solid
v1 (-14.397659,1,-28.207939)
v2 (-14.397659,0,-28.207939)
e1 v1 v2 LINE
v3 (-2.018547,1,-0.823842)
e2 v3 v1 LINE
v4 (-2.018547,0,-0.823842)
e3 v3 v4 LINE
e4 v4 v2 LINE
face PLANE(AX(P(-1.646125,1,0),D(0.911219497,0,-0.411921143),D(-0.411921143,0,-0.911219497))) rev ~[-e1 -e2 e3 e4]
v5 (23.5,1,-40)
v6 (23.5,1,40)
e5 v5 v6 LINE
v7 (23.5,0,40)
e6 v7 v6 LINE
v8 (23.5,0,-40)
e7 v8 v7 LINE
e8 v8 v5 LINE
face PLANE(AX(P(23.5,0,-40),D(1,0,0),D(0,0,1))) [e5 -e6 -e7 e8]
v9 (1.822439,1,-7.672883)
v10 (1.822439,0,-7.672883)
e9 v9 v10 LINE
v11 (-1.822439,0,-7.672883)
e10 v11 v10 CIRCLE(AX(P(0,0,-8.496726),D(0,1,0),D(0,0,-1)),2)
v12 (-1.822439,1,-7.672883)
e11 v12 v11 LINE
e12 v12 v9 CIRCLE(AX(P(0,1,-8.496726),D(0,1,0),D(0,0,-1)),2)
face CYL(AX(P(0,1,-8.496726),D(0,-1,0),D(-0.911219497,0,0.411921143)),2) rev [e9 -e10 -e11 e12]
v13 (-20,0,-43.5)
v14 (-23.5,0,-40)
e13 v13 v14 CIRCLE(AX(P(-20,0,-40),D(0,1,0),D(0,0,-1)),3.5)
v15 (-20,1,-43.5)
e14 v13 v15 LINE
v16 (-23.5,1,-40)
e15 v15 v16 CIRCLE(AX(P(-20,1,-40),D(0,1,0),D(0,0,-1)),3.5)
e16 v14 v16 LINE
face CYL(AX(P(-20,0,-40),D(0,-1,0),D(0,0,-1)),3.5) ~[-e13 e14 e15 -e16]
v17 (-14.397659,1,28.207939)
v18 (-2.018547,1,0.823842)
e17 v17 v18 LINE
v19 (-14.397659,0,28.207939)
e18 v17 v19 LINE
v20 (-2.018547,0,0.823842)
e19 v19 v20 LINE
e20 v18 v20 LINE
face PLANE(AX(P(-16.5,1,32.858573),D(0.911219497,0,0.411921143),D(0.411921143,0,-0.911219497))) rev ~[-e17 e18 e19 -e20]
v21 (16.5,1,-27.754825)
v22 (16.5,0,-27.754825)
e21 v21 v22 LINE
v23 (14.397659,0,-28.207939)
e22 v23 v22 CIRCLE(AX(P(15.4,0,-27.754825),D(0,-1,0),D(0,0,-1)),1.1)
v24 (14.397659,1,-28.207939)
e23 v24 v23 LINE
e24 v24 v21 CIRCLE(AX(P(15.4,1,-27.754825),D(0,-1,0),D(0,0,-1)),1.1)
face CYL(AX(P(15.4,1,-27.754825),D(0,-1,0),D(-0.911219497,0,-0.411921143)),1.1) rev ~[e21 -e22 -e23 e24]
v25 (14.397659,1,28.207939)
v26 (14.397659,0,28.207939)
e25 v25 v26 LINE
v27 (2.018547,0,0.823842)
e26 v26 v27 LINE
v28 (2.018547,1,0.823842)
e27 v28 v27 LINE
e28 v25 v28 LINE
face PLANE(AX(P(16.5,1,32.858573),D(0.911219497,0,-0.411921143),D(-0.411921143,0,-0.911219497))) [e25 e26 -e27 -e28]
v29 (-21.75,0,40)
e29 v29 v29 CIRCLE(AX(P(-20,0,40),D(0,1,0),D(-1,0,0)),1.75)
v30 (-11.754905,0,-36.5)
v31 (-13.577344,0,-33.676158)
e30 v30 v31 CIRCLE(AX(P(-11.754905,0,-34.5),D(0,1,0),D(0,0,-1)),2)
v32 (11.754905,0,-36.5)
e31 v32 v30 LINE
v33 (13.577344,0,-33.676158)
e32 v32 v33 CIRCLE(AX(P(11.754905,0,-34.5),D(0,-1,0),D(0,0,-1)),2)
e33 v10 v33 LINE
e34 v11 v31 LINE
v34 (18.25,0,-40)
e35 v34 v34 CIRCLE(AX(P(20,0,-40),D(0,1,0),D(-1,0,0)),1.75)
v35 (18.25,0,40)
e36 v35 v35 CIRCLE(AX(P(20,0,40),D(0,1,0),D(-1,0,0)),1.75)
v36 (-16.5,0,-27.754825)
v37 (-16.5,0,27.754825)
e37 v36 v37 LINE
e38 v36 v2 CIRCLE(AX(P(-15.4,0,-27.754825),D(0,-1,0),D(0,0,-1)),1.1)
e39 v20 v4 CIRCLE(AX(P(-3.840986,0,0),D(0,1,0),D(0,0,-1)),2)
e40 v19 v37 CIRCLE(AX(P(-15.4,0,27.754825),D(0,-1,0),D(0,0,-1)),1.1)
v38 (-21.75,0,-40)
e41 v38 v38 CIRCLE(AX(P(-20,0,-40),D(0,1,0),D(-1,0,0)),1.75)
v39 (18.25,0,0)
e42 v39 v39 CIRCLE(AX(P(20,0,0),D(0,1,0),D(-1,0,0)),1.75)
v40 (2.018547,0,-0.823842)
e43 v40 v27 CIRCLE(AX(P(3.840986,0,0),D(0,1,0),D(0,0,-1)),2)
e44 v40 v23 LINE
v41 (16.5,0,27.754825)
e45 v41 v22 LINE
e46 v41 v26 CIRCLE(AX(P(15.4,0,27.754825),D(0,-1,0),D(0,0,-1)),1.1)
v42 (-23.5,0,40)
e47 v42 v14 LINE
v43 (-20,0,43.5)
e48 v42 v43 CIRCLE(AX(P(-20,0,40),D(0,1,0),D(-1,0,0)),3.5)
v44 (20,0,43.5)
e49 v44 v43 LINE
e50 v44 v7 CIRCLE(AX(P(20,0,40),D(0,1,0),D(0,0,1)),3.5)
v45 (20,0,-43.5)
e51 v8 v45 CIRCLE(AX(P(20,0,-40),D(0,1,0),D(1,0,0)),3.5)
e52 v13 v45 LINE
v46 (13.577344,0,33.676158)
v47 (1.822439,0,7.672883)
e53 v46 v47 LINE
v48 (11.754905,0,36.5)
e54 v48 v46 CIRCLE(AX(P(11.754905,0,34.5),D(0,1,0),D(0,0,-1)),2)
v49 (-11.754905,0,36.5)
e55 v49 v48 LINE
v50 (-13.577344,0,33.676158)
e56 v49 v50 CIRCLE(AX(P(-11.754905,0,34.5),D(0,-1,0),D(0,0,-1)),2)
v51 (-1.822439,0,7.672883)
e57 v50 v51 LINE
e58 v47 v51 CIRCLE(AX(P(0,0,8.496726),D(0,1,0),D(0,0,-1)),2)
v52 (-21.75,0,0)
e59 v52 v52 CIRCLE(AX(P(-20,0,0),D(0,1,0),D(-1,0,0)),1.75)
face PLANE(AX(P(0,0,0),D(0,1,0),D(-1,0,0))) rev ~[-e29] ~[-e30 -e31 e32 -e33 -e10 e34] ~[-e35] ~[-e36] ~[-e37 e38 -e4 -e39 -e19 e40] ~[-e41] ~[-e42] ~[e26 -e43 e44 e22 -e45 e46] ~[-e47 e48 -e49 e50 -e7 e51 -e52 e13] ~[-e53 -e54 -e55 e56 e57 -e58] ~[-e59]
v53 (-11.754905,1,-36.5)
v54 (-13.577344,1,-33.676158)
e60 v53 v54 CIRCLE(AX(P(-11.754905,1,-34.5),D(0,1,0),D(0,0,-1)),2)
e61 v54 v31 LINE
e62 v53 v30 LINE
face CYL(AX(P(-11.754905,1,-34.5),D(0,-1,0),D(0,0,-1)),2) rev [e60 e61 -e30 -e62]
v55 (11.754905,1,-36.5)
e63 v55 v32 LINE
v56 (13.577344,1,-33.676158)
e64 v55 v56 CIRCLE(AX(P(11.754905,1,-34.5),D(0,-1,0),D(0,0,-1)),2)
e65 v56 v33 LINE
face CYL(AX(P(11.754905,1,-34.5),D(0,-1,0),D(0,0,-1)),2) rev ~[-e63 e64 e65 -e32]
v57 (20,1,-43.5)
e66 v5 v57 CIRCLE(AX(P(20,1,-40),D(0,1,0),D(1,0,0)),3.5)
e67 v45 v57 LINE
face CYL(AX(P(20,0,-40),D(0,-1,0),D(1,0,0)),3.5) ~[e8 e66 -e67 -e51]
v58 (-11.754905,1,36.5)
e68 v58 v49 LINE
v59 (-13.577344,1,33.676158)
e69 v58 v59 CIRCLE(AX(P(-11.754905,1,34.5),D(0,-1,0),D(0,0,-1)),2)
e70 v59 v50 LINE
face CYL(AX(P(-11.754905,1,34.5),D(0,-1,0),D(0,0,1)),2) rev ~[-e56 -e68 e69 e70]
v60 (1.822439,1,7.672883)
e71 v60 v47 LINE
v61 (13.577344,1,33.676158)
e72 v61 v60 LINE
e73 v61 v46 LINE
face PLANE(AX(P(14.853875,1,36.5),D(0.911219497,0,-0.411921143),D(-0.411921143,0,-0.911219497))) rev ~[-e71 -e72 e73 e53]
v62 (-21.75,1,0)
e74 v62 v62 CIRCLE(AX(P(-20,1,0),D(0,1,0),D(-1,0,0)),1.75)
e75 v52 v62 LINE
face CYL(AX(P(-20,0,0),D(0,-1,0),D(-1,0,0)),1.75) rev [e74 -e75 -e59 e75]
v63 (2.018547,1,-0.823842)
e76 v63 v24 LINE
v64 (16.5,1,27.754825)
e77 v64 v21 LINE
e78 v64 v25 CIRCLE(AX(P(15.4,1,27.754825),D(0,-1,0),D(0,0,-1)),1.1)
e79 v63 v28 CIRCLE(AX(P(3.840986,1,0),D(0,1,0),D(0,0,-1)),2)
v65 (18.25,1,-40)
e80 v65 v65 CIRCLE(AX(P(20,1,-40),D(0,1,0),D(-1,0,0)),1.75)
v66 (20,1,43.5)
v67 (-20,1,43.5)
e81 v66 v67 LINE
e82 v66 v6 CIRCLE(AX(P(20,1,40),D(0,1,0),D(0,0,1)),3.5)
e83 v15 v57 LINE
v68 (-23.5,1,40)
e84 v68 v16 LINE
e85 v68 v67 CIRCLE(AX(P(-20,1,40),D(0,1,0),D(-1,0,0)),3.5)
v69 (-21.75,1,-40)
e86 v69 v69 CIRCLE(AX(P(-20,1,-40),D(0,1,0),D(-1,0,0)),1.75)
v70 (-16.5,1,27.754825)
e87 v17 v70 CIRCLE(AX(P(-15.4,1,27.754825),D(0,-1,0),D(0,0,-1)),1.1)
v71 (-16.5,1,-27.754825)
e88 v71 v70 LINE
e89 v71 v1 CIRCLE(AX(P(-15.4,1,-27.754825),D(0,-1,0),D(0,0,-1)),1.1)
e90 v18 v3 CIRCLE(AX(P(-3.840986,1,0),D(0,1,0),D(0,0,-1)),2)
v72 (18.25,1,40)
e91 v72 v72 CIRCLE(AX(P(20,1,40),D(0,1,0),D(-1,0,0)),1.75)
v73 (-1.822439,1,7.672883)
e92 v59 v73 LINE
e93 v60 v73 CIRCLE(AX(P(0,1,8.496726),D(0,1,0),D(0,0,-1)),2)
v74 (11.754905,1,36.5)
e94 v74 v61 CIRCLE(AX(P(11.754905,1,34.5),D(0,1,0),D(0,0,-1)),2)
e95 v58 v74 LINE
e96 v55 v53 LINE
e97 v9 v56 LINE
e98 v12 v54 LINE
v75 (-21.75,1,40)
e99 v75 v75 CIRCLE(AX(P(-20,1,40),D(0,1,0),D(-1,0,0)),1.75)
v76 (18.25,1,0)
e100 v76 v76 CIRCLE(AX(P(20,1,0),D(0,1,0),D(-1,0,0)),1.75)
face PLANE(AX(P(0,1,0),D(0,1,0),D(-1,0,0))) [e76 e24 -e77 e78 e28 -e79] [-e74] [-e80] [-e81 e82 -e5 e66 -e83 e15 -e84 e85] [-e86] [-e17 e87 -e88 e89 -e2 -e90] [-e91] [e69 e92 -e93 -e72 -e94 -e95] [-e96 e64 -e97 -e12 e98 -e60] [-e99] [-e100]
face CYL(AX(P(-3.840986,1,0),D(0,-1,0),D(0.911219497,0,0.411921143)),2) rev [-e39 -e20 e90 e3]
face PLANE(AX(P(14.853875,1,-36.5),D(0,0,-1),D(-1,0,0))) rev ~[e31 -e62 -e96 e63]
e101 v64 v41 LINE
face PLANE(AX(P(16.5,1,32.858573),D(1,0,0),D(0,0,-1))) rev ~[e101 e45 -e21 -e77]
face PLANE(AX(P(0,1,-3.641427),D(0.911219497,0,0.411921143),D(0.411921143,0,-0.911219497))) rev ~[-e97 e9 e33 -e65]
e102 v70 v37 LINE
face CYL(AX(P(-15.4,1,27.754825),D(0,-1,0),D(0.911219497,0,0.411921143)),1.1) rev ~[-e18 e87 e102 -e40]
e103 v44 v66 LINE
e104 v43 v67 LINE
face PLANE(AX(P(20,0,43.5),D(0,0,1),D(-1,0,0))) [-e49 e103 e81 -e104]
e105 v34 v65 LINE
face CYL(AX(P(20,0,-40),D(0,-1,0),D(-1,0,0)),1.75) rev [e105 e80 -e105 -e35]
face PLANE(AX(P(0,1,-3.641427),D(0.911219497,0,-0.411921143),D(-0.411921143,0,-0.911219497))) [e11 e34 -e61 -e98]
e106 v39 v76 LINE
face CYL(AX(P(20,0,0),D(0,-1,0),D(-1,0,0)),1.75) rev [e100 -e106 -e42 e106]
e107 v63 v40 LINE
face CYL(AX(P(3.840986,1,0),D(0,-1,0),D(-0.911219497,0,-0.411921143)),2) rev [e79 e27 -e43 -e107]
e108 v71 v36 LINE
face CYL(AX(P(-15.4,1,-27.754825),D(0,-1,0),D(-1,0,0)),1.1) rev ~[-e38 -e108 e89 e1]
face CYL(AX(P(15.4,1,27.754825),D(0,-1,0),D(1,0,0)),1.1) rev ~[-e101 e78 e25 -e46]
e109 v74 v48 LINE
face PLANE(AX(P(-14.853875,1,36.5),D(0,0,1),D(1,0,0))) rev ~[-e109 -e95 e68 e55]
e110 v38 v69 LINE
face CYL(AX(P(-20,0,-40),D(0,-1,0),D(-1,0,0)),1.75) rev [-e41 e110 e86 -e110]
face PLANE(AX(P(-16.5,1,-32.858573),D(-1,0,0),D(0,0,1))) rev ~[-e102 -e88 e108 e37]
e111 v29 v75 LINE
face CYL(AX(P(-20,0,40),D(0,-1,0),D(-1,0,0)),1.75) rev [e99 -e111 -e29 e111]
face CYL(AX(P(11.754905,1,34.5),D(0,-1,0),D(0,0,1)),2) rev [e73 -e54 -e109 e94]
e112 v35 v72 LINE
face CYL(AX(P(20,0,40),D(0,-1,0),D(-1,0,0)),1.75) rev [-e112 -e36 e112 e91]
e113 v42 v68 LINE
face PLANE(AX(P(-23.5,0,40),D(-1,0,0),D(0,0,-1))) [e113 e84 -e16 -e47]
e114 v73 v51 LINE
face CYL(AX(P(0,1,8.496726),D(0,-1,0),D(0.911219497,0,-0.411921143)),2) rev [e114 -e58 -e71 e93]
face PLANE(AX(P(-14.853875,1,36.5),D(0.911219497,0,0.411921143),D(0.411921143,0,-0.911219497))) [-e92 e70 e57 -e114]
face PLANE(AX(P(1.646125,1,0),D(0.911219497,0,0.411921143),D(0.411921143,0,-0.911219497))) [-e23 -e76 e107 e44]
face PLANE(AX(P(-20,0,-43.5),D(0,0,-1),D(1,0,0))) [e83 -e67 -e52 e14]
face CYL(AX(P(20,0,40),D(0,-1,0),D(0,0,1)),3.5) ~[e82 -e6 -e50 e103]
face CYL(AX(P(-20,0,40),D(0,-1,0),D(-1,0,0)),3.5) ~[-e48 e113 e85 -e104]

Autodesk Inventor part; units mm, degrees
ref_plane "YZ Plane" through (0, 0, 0) normal (1, 0, 0) x (0, 1, 0)
ref_plane "XZ Plane" through (0, 0, 0) normal (0, 1, 0) x (-1, 0, 0)
ref_plane "XY Plane" through (0, 0, 0) normal (0, 0, 1) x (1, 0, 0)
sketch "Sketch1" plane through (0, 0, 0) normal (0, 1, 0) x (-1, 0, 0)
  line L0 (-20, 40) -> (20, 40) construction
  line L1 (20, 40) -> (20, -40) construction
  line L2 (20, -40) -> (-20, -40) construction
  line L3 (-20, -40) -> (-20, 40) construction
  line L4 (-20, 40) -> (20, -40) construction
  line L5 (20, 40) -> (-20, -40) construction
  circle A0 centre (20, 40) radius 1.75
  circle A1 centre (20, -40) radius 1.75
  circle A2 centre (-20, -40) radius 1.75
  circle A3 centre (-20, 40) radius 1.75
  circle A4 centre (20, 0) radius 1.75
  circle A5 centre (-20, 0) radius 1.75
  line L6 (-20, 43.5) -> (20, 43.5)
  line L7 (23.5, 40) -> (23.5, -40)
  line L8 (20, -43.5) -> (-20, -43.5)
  line L9 (-23.5, -40) -> (-23.5, 40)
  line L10 (-23.5, 43.5) -> (23.5, -43.5) construction
  line L11 (23.5, 43.5) -> (-23.5, -43.5) construction
  arc A6 (23.5, 40) -> (20, 43.5) centre (20, 40) ccw
  arc A7 (-20, 43.5) -> (-23.5, 40) centre (-20, 40) ccw
  arc A8 (-23.5, -40) -> (-20, -43.5) centre (-20, -40) ccw
  arc A9 (20, -43.5) -> (23.5, -40) centre (20, -40) ccw
  point P0 (0, 0)
  dimension "d0" = 40
  dimension "d1" = 80
  dimension "d2" = 3.5
  dimension "d3" = 3.5
  dimension "d4" = 3.5
  dimension "d5" = 3.5
  dimension "d6" = 3.5
  dimension "d7" = 3.5
  dimension "d8" = 47
  dimension "d9" = 87
  dimension "d10" = 3.5
extrude "Extrusion1" add sketch "Sketch1" along normal blind 1
sketch "Sketch2" plane through (0, 1, 0) normal (0, 1, 0) x (1, 0, 0)
  line L0 (-16.5, -36.5) -> (16.5, -36.5)
  line L1 (16.5, -36.5) -> (16.5, 36.5)
  line L2 (16.5, 36.5) -> (-16.5, 36.5)
  line L3 (-16.5, 36.5) -> (-16.5, -36.5)
  line L4 (-16.5, -36.5) -> (16.5, 36.5)
  line L5 (16.5, -36.5) -> (-16.5, 36.5)
  line L6 (15.1332, -37.1179) -> (-17.8668, 35.8821)
  line L7 (17.8668, -35.8821) -> (-15.1332, 37.1179)
  line L8 (-17.8668, -35.8821) -> (15.1332, 37.1179)
  line L9 (-15.1332, -37.1179) -> (17.8668, 35.8821)
  point P0 (0, 0)
  point P1 (16.5, 32.8585)
  point P2 (1.6461, 0)
  point P3 (16.5, -32.8585)
  point P4 (0, 3.6415)
  point P5 (14.8539, 36.5)
  point P6 (-14.8539, 36.5)
  point P7 (0, -3.6415)
  point P8 (-14.8539, -36.5)
  point P9 (14.8539, -36.5)
  point P10 (-16.5, -32.8585)
  point P11 (-1.6461, 0)
  point P12 (-16.5, 32.8585)
  dimension "d13" = 33
  dimension "d14" = 73
  dimension "d15" = 1.5
  dimension "d16" = 1.5
  dimension "d17" = 1.5
  dimension "d18" = 1.5
extrude "Extrusion2" cut sketch "Sketch2" against normal through all contours L9 L6 L0 | L3 L6 L8 | L7 L9 L1 | L2 L8 L7
fillet "Fillet1" radius 2 8 edges at (-14.8539, 0.5, 36.5) (14.8539, 0.5, 36.5) (-14.8539, 0.5, -36.5) (14.8539, 0.5, -36.5) (1.6461, 0.5, 0) (-1.6461, 0.5, 0) (0, 0.5, 3.6415) (0, 0.5, -3.6415)
fillet "Fillet2" radius 1.1 4 edges at (16.5, 0.5, 32.8585) (-16.5, 0.5, 32.8585) (-16.5, 0.5, -32.8585) (16.5, 0.5, -32.8585)
equation "\"d11\" = ThicknessBatteryTopTray"
equation "\"MountToMotorCenter\" = 0"
equation "\"ArmPosition\" = 5deg"
equation "\"BatteryWidth\" = 62"
equation "\"BatteryHeight\" = 76"
equation "\"ThicknessBodyOuterPlate\" = 2"
equation "\"ThicknessBodyCenterPlate\" = 2"
equation "\"ThicknessLegLoadpipePlate\" = 2"
equation "\"ThicknessBatteryTray\" = 2"
equation "\"ThicknessBatteryTopTray\" = 1"
equation "\"LandingGearStabilityBar\" = 525"
equation "\"StartAngleArm\" = 45deg"
equation "\"MotorMountCenter\" = 71.5"
properties part number "Tattu_Battery__Top_Tray" material "CFRP"
